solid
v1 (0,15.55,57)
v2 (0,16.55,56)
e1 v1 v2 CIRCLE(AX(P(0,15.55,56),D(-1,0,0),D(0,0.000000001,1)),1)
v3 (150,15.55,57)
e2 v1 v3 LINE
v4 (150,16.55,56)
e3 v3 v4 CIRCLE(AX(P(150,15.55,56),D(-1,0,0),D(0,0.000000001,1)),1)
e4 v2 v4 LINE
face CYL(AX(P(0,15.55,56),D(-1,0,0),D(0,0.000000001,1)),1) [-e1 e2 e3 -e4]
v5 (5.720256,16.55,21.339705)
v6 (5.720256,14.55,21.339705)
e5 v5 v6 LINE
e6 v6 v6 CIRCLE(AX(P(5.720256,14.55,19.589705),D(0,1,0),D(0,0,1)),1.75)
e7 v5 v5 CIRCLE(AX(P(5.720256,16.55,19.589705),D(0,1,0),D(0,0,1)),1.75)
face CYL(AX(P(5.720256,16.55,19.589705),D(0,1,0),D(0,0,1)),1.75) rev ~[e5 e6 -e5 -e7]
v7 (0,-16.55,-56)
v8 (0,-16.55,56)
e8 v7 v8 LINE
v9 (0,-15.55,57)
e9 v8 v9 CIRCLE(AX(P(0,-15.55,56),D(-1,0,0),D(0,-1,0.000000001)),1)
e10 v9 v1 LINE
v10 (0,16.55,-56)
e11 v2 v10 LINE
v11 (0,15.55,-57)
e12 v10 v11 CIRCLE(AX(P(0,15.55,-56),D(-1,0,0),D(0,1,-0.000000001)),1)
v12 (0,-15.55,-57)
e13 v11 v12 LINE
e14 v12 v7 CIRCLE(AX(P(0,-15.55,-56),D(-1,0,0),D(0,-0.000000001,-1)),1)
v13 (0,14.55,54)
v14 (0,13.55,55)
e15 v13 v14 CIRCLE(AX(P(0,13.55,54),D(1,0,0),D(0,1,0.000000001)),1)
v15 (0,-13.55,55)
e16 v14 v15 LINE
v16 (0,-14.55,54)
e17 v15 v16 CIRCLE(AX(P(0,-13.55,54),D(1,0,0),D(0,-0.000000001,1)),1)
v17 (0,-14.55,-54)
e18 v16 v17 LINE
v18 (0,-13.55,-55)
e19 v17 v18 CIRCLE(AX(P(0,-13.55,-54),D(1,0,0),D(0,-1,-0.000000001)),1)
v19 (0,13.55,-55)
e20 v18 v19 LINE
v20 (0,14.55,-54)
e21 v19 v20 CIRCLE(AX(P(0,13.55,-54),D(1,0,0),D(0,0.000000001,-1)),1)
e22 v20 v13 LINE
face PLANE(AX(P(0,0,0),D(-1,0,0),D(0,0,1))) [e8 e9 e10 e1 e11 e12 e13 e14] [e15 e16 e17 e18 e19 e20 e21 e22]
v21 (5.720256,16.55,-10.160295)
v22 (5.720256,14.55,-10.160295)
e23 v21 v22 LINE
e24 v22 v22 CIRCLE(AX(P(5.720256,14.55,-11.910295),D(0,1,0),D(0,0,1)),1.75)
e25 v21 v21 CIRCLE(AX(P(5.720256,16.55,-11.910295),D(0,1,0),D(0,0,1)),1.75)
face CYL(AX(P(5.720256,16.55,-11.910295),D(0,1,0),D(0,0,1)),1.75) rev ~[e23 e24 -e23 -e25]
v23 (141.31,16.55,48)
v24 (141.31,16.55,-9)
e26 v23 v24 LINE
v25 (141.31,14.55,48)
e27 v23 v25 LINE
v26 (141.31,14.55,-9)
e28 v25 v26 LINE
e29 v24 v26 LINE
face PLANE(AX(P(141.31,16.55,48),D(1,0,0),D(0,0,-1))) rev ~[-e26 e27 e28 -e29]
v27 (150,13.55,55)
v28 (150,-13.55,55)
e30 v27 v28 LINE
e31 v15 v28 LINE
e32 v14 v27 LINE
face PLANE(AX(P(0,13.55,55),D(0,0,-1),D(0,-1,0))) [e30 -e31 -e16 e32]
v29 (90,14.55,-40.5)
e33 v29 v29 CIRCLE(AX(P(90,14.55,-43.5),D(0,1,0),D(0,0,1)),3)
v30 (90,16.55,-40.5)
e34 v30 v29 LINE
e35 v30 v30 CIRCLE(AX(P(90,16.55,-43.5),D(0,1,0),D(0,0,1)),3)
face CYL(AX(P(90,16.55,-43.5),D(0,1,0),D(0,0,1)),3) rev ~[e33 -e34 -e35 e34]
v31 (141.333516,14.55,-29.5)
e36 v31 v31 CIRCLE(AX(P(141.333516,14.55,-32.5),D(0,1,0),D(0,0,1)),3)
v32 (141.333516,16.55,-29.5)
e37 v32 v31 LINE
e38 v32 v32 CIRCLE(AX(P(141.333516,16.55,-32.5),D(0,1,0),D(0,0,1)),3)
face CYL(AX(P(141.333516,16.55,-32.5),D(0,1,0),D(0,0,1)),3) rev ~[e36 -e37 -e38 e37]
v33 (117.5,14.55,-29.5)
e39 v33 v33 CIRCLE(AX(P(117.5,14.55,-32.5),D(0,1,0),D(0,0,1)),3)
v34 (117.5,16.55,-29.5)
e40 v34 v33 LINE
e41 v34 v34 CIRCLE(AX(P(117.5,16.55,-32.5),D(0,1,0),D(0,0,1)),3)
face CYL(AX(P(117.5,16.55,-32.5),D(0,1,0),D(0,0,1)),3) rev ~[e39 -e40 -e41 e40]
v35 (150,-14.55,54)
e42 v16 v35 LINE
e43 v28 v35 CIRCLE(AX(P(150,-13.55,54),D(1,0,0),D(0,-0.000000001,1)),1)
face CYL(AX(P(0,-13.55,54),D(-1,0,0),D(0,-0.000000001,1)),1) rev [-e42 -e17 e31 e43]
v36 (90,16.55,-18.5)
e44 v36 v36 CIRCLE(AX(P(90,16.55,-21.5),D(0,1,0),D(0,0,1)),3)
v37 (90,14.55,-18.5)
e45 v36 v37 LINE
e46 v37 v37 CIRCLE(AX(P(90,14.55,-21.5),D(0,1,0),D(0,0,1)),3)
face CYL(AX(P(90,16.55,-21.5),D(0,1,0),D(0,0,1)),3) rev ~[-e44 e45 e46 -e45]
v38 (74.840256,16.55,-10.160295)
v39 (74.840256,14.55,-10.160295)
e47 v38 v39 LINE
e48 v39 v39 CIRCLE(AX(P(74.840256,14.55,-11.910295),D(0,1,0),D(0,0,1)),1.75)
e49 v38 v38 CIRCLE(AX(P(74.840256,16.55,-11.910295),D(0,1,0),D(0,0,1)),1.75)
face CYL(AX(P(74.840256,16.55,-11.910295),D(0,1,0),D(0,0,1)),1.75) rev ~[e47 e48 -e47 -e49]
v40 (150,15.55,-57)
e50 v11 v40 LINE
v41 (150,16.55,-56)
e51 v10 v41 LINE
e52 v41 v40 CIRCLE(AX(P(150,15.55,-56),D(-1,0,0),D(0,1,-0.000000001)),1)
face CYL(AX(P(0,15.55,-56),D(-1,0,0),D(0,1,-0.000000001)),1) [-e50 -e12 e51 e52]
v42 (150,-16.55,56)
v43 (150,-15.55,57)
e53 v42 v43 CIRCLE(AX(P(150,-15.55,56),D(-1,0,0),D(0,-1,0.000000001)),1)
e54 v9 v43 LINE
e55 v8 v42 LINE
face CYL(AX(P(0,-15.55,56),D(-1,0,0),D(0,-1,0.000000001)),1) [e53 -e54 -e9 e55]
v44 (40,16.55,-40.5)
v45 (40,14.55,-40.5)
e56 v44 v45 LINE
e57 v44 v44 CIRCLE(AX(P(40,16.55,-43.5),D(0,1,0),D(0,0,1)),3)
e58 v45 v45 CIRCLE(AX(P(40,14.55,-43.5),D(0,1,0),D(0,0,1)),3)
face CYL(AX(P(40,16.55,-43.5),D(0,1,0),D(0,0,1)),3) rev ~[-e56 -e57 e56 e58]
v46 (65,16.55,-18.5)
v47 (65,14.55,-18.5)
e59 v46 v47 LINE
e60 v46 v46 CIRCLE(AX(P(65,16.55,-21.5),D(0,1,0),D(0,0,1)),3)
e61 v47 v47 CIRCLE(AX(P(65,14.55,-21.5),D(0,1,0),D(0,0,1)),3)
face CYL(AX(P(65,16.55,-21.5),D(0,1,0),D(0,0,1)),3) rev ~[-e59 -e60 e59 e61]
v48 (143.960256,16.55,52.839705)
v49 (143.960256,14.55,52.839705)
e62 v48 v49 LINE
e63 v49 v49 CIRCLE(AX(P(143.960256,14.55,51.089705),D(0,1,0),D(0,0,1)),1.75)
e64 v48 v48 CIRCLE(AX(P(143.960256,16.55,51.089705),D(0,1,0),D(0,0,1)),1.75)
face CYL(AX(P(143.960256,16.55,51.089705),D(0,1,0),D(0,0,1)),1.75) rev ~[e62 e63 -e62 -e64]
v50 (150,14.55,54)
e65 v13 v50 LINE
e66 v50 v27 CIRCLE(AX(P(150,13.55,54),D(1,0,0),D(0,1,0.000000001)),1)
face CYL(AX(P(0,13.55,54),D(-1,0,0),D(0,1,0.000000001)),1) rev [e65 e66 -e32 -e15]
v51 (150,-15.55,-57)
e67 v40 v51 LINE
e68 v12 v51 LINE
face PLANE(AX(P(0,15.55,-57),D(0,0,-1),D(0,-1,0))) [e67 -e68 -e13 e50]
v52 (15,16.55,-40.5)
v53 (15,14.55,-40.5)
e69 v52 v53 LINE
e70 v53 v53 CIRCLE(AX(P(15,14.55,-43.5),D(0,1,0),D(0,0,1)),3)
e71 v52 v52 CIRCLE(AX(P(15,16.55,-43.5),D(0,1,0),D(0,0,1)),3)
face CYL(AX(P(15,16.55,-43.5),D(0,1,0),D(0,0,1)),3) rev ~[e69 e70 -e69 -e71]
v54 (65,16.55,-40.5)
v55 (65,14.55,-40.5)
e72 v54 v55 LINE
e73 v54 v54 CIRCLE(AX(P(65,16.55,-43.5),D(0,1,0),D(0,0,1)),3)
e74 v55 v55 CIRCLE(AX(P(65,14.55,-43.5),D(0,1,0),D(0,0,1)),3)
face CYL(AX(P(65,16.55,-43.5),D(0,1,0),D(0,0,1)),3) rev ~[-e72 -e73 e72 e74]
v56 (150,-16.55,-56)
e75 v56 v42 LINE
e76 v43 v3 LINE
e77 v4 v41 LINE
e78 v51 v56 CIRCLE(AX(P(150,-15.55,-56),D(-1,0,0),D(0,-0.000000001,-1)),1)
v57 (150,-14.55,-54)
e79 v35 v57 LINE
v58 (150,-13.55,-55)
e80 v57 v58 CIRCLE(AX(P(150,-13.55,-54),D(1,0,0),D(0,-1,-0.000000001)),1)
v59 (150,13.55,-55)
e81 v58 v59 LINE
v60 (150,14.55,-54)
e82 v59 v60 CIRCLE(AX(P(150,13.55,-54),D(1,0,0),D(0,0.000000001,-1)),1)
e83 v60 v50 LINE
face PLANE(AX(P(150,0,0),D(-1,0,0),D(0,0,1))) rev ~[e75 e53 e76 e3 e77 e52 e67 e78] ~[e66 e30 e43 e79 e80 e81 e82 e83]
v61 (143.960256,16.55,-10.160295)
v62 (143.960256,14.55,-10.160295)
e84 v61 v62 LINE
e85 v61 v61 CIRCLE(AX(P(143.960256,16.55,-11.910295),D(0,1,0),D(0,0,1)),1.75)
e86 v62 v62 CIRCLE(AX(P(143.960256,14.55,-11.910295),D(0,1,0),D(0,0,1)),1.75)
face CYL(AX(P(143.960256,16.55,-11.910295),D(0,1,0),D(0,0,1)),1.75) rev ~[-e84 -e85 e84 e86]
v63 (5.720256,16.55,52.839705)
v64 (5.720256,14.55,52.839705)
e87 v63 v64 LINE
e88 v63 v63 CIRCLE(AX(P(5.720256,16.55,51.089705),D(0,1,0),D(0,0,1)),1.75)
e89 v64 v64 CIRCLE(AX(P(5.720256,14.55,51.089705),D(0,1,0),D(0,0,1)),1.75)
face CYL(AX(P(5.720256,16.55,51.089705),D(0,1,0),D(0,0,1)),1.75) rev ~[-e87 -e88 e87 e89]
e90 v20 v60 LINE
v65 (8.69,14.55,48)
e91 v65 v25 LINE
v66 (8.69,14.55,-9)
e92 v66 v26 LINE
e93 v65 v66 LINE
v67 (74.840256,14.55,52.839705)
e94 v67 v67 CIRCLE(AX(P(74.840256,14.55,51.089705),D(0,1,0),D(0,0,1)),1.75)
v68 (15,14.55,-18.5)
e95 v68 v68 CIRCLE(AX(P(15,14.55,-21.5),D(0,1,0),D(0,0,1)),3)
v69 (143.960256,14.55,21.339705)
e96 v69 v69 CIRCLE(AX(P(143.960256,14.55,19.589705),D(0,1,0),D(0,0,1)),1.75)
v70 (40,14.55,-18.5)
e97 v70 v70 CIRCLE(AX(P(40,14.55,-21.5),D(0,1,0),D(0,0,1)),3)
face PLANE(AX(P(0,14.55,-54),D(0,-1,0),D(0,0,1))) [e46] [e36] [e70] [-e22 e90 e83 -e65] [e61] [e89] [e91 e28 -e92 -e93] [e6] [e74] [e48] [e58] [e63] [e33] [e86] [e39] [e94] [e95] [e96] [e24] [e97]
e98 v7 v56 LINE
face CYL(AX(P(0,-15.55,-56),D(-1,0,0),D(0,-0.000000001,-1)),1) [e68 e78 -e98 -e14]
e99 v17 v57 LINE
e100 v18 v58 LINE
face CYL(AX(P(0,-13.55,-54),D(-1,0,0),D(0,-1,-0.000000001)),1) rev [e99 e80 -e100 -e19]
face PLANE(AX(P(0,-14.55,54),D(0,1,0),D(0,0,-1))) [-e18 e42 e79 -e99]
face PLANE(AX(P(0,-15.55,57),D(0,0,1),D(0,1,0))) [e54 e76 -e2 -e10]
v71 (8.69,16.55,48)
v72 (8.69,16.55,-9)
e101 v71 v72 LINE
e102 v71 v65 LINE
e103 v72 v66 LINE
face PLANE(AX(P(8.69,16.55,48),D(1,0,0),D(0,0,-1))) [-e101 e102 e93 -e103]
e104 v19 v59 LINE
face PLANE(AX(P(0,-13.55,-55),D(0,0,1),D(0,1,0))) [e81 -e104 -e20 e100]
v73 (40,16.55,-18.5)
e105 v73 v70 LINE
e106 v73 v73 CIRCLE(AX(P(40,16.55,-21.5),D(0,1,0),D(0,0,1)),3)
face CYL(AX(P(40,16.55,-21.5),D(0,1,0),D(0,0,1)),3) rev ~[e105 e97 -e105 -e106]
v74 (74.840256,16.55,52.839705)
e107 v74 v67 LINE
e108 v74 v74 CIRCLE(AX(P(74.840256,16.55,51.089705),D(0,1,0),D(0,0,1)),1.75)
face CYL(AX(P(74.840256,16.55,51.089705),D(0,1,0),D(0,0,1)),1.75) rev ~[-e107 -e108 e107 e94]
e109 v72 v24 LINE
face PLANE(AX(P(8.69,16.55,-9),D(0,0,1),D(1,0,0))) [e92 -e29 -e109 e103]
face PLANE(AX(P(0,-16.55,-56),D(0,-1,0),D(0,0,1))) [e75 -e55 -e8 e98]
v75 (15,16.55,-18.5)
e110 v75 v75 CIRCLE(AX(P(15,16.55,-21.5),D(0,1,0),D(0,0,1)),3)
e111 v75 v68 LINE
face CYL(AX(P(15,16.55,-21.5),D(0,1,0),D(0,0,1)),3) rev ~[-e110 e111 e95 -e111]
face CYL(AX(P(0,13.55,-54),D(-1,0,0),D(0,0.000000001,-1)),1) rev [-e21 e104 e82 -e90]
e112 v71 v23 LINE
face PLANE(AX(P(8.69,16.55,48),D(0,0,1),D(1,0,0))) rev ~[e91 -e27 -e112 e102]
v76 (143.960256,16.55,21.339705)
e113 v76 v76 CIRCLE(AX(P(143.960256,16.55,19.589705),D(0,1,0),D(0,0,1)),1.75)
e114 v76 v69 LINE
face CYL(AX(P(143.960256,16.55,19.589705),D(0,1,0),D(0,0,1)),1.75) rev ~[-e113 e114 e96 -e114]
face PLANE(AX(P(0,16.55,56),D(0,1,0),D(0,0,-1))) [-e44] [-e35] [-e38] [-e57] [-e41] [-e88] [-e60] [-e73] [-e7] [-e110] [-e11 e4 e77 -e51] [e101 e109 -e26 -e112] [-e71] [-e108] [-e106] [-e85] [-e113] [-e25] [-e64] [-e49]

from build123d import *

# Parameters (mm, degrees)
BOSS_EXTRUDE7_DEPTH = 150
CUT_EXTRUDE3_DEPTH  = 150
SKETCH25_W          = 132.62
SKETCH25_H          = 57
CUT_EXTRUDE4_DEPTH  = 2
SKETCH26_R          = 3
SKETCH26_R_2        = 1.75
CUT_EXTRUDE5_DEPTH  = 10


with BuildPart() as part:
    # Sketch23 → Boss-Extrude7 (new body)
    with BuildSketch(Plane(origin=(0, 0, 0), x_dir=(0, 0, -1), z_dir=(1, 0, 0))):
        with BuildLine():
            Line((-56, 16.55), (56, 16.55))
            ThreePointArc((56, 16.55), (56.707106781, 16.257106781), (57, 15.55))
            Line((57, 15.55), (57, -15.55))
            ThreePointArc((57, -15.55), (56.707106781, -16.257106781), (56, -16.55))
            Line((56, -16.55), (-56, -16.55))
            ThreePointArc((-56, -16.55), (-56.707106781, -16.257106781), (-57, -15.55))
            Line((-57, -15.55), (-57, 15.55))
            ThreePointArc((-57, 15.55), (-56.707106781, 16.257106781), (-56, 16.55))
        make_face()
    extrude(amount=BOSS_EXTRUDE7_DEPTH)

    # Sketch24 → Cut-Extrude3 (cut)
    with BuildSketch(Plane.ZY):
        with BuildLine():
            Line((54, -14.55), (-54, -14.55))
            ThreePointArc((-54, -14.55), (-54.707106781, -14.257106781), (-55, -13.55))
            Line((-55, -13.55), (-55, 13.55))
            ThreePointArc((-55, 13.55), (-54.707106781, 14.257106781), (-54, 14.55))
            Line((-54, 14.55), (54, 14.55))
            ThreePointArc((54, 14.55), (54.707106781, 14.257106781), (55, 13.55))
            Line((55, 13.55), (55, -13.55))
            ThreePointArc((55, -13.55), (54.707106781, -14.257106781), (54, -14.55))
        make_face()
    extrude(amount=-CUT_EXTRUDE3_DEPTH, mode=Mode.SUBTRACT)

    # Sketch25 → Cut-Extrude4 (cut)
    with BuildSketch(Plane(origin=(0, 16.55, 0), x_dir=(1, 0, 0), z_dir=(0, 1, 0))):
        with Locations((75, -19.5)):
            Rectangle(SKETCH25_W, SKETCH25_H)
    extrude(amount=-CUT_EXTRUDE4_DEPTH, mode=Mode.SUBTRACT)

    # Sketch26 → Cut-Extrude5 (cut)
    with BuildSketch(Plane(origin=(0, 16.55, 0), x_dir=(1, 0, 0), z_dir=(0, 1, 0))):
        with Locations(Location((15, 43.5, 0), (0, 0, 270))):
            Circle(SKETCH26_R)
        with Locations(Location((15, 21.5, 0), (0, 0, 270))):
            Circle(SKETCH26_R)
        with Locations(Location((40, 43.5, 0), (0, 0, 270))):
            Circle(SKETCH26_R)
        with Locations(Location((40, 21.5, 0), (0, 0, 270))):
            Circle(SKETCH26_R)
        with Locations(Location((65, 43.5, 0), (0, 0, 270))):
            Circle(SKETCH26_R)
        with Locations(Location((65, 21.5, 0), (0, 0, 270))):
            Circle(SKETCH26_R)
        with Locations(Location((90, 43.5, 0), (0, 0, 270))):
            Circle(SKETCH26_R)
        with Locations(Location((90, 21.5, 0), (0, 0, 270))):
            Circle(SKETCH26_R)
        with Locations(Location((74.840255535, 11.91029543, 0), (0, 0, 270))):
            Circle(SKETCH26_R_2)
        with Locations(Location((5.720255535, 11.91029543, 0), (0, 0, 270))):
            Circle(SKETCH26_R_2)
        with Locations(Location((5.720255535, -19.58970457, 0), (0, 0, 270))):
            Circle(SKETCH26_R_2)
        with Locations(Location((5.720255535, -51.08970457, 0), (0, 0, 270))):
            Circle(SKETCH26_R_2)
        with Locations(Location((74.840255535, -51.08970457, 0), (0, 0, 270))):
            Circle(SKETCH26_R_2)
        with Locations(Location((143.960255535, -51.08970457, 0), (0, 0, 270))):
            Circle(SKETCH26_R_2)
        with Locations(Location((143.960255535, -19.58970457, 0), (0, 0, 270))):
            Circle(SKETCH26_R_2)
        with Locations(Location((143.960255535, 11.91029543, 0), (0, 0, 270))):
            Circle(SKETCH26_R_2)
        with Locations(Location((117.5, 32.5, 0), (0, 0, 270))):
            Circle(SKETCH26_R)
        with Locations(Location((141.333516057, 32.5, 0), (0, 0, 270))):
            Circle(SKETCH26_R)
    extrude(amount=-CUT_EXTRUDE5_DEPTH, mode=Mode.SUBTRACT)


solid = part.part
